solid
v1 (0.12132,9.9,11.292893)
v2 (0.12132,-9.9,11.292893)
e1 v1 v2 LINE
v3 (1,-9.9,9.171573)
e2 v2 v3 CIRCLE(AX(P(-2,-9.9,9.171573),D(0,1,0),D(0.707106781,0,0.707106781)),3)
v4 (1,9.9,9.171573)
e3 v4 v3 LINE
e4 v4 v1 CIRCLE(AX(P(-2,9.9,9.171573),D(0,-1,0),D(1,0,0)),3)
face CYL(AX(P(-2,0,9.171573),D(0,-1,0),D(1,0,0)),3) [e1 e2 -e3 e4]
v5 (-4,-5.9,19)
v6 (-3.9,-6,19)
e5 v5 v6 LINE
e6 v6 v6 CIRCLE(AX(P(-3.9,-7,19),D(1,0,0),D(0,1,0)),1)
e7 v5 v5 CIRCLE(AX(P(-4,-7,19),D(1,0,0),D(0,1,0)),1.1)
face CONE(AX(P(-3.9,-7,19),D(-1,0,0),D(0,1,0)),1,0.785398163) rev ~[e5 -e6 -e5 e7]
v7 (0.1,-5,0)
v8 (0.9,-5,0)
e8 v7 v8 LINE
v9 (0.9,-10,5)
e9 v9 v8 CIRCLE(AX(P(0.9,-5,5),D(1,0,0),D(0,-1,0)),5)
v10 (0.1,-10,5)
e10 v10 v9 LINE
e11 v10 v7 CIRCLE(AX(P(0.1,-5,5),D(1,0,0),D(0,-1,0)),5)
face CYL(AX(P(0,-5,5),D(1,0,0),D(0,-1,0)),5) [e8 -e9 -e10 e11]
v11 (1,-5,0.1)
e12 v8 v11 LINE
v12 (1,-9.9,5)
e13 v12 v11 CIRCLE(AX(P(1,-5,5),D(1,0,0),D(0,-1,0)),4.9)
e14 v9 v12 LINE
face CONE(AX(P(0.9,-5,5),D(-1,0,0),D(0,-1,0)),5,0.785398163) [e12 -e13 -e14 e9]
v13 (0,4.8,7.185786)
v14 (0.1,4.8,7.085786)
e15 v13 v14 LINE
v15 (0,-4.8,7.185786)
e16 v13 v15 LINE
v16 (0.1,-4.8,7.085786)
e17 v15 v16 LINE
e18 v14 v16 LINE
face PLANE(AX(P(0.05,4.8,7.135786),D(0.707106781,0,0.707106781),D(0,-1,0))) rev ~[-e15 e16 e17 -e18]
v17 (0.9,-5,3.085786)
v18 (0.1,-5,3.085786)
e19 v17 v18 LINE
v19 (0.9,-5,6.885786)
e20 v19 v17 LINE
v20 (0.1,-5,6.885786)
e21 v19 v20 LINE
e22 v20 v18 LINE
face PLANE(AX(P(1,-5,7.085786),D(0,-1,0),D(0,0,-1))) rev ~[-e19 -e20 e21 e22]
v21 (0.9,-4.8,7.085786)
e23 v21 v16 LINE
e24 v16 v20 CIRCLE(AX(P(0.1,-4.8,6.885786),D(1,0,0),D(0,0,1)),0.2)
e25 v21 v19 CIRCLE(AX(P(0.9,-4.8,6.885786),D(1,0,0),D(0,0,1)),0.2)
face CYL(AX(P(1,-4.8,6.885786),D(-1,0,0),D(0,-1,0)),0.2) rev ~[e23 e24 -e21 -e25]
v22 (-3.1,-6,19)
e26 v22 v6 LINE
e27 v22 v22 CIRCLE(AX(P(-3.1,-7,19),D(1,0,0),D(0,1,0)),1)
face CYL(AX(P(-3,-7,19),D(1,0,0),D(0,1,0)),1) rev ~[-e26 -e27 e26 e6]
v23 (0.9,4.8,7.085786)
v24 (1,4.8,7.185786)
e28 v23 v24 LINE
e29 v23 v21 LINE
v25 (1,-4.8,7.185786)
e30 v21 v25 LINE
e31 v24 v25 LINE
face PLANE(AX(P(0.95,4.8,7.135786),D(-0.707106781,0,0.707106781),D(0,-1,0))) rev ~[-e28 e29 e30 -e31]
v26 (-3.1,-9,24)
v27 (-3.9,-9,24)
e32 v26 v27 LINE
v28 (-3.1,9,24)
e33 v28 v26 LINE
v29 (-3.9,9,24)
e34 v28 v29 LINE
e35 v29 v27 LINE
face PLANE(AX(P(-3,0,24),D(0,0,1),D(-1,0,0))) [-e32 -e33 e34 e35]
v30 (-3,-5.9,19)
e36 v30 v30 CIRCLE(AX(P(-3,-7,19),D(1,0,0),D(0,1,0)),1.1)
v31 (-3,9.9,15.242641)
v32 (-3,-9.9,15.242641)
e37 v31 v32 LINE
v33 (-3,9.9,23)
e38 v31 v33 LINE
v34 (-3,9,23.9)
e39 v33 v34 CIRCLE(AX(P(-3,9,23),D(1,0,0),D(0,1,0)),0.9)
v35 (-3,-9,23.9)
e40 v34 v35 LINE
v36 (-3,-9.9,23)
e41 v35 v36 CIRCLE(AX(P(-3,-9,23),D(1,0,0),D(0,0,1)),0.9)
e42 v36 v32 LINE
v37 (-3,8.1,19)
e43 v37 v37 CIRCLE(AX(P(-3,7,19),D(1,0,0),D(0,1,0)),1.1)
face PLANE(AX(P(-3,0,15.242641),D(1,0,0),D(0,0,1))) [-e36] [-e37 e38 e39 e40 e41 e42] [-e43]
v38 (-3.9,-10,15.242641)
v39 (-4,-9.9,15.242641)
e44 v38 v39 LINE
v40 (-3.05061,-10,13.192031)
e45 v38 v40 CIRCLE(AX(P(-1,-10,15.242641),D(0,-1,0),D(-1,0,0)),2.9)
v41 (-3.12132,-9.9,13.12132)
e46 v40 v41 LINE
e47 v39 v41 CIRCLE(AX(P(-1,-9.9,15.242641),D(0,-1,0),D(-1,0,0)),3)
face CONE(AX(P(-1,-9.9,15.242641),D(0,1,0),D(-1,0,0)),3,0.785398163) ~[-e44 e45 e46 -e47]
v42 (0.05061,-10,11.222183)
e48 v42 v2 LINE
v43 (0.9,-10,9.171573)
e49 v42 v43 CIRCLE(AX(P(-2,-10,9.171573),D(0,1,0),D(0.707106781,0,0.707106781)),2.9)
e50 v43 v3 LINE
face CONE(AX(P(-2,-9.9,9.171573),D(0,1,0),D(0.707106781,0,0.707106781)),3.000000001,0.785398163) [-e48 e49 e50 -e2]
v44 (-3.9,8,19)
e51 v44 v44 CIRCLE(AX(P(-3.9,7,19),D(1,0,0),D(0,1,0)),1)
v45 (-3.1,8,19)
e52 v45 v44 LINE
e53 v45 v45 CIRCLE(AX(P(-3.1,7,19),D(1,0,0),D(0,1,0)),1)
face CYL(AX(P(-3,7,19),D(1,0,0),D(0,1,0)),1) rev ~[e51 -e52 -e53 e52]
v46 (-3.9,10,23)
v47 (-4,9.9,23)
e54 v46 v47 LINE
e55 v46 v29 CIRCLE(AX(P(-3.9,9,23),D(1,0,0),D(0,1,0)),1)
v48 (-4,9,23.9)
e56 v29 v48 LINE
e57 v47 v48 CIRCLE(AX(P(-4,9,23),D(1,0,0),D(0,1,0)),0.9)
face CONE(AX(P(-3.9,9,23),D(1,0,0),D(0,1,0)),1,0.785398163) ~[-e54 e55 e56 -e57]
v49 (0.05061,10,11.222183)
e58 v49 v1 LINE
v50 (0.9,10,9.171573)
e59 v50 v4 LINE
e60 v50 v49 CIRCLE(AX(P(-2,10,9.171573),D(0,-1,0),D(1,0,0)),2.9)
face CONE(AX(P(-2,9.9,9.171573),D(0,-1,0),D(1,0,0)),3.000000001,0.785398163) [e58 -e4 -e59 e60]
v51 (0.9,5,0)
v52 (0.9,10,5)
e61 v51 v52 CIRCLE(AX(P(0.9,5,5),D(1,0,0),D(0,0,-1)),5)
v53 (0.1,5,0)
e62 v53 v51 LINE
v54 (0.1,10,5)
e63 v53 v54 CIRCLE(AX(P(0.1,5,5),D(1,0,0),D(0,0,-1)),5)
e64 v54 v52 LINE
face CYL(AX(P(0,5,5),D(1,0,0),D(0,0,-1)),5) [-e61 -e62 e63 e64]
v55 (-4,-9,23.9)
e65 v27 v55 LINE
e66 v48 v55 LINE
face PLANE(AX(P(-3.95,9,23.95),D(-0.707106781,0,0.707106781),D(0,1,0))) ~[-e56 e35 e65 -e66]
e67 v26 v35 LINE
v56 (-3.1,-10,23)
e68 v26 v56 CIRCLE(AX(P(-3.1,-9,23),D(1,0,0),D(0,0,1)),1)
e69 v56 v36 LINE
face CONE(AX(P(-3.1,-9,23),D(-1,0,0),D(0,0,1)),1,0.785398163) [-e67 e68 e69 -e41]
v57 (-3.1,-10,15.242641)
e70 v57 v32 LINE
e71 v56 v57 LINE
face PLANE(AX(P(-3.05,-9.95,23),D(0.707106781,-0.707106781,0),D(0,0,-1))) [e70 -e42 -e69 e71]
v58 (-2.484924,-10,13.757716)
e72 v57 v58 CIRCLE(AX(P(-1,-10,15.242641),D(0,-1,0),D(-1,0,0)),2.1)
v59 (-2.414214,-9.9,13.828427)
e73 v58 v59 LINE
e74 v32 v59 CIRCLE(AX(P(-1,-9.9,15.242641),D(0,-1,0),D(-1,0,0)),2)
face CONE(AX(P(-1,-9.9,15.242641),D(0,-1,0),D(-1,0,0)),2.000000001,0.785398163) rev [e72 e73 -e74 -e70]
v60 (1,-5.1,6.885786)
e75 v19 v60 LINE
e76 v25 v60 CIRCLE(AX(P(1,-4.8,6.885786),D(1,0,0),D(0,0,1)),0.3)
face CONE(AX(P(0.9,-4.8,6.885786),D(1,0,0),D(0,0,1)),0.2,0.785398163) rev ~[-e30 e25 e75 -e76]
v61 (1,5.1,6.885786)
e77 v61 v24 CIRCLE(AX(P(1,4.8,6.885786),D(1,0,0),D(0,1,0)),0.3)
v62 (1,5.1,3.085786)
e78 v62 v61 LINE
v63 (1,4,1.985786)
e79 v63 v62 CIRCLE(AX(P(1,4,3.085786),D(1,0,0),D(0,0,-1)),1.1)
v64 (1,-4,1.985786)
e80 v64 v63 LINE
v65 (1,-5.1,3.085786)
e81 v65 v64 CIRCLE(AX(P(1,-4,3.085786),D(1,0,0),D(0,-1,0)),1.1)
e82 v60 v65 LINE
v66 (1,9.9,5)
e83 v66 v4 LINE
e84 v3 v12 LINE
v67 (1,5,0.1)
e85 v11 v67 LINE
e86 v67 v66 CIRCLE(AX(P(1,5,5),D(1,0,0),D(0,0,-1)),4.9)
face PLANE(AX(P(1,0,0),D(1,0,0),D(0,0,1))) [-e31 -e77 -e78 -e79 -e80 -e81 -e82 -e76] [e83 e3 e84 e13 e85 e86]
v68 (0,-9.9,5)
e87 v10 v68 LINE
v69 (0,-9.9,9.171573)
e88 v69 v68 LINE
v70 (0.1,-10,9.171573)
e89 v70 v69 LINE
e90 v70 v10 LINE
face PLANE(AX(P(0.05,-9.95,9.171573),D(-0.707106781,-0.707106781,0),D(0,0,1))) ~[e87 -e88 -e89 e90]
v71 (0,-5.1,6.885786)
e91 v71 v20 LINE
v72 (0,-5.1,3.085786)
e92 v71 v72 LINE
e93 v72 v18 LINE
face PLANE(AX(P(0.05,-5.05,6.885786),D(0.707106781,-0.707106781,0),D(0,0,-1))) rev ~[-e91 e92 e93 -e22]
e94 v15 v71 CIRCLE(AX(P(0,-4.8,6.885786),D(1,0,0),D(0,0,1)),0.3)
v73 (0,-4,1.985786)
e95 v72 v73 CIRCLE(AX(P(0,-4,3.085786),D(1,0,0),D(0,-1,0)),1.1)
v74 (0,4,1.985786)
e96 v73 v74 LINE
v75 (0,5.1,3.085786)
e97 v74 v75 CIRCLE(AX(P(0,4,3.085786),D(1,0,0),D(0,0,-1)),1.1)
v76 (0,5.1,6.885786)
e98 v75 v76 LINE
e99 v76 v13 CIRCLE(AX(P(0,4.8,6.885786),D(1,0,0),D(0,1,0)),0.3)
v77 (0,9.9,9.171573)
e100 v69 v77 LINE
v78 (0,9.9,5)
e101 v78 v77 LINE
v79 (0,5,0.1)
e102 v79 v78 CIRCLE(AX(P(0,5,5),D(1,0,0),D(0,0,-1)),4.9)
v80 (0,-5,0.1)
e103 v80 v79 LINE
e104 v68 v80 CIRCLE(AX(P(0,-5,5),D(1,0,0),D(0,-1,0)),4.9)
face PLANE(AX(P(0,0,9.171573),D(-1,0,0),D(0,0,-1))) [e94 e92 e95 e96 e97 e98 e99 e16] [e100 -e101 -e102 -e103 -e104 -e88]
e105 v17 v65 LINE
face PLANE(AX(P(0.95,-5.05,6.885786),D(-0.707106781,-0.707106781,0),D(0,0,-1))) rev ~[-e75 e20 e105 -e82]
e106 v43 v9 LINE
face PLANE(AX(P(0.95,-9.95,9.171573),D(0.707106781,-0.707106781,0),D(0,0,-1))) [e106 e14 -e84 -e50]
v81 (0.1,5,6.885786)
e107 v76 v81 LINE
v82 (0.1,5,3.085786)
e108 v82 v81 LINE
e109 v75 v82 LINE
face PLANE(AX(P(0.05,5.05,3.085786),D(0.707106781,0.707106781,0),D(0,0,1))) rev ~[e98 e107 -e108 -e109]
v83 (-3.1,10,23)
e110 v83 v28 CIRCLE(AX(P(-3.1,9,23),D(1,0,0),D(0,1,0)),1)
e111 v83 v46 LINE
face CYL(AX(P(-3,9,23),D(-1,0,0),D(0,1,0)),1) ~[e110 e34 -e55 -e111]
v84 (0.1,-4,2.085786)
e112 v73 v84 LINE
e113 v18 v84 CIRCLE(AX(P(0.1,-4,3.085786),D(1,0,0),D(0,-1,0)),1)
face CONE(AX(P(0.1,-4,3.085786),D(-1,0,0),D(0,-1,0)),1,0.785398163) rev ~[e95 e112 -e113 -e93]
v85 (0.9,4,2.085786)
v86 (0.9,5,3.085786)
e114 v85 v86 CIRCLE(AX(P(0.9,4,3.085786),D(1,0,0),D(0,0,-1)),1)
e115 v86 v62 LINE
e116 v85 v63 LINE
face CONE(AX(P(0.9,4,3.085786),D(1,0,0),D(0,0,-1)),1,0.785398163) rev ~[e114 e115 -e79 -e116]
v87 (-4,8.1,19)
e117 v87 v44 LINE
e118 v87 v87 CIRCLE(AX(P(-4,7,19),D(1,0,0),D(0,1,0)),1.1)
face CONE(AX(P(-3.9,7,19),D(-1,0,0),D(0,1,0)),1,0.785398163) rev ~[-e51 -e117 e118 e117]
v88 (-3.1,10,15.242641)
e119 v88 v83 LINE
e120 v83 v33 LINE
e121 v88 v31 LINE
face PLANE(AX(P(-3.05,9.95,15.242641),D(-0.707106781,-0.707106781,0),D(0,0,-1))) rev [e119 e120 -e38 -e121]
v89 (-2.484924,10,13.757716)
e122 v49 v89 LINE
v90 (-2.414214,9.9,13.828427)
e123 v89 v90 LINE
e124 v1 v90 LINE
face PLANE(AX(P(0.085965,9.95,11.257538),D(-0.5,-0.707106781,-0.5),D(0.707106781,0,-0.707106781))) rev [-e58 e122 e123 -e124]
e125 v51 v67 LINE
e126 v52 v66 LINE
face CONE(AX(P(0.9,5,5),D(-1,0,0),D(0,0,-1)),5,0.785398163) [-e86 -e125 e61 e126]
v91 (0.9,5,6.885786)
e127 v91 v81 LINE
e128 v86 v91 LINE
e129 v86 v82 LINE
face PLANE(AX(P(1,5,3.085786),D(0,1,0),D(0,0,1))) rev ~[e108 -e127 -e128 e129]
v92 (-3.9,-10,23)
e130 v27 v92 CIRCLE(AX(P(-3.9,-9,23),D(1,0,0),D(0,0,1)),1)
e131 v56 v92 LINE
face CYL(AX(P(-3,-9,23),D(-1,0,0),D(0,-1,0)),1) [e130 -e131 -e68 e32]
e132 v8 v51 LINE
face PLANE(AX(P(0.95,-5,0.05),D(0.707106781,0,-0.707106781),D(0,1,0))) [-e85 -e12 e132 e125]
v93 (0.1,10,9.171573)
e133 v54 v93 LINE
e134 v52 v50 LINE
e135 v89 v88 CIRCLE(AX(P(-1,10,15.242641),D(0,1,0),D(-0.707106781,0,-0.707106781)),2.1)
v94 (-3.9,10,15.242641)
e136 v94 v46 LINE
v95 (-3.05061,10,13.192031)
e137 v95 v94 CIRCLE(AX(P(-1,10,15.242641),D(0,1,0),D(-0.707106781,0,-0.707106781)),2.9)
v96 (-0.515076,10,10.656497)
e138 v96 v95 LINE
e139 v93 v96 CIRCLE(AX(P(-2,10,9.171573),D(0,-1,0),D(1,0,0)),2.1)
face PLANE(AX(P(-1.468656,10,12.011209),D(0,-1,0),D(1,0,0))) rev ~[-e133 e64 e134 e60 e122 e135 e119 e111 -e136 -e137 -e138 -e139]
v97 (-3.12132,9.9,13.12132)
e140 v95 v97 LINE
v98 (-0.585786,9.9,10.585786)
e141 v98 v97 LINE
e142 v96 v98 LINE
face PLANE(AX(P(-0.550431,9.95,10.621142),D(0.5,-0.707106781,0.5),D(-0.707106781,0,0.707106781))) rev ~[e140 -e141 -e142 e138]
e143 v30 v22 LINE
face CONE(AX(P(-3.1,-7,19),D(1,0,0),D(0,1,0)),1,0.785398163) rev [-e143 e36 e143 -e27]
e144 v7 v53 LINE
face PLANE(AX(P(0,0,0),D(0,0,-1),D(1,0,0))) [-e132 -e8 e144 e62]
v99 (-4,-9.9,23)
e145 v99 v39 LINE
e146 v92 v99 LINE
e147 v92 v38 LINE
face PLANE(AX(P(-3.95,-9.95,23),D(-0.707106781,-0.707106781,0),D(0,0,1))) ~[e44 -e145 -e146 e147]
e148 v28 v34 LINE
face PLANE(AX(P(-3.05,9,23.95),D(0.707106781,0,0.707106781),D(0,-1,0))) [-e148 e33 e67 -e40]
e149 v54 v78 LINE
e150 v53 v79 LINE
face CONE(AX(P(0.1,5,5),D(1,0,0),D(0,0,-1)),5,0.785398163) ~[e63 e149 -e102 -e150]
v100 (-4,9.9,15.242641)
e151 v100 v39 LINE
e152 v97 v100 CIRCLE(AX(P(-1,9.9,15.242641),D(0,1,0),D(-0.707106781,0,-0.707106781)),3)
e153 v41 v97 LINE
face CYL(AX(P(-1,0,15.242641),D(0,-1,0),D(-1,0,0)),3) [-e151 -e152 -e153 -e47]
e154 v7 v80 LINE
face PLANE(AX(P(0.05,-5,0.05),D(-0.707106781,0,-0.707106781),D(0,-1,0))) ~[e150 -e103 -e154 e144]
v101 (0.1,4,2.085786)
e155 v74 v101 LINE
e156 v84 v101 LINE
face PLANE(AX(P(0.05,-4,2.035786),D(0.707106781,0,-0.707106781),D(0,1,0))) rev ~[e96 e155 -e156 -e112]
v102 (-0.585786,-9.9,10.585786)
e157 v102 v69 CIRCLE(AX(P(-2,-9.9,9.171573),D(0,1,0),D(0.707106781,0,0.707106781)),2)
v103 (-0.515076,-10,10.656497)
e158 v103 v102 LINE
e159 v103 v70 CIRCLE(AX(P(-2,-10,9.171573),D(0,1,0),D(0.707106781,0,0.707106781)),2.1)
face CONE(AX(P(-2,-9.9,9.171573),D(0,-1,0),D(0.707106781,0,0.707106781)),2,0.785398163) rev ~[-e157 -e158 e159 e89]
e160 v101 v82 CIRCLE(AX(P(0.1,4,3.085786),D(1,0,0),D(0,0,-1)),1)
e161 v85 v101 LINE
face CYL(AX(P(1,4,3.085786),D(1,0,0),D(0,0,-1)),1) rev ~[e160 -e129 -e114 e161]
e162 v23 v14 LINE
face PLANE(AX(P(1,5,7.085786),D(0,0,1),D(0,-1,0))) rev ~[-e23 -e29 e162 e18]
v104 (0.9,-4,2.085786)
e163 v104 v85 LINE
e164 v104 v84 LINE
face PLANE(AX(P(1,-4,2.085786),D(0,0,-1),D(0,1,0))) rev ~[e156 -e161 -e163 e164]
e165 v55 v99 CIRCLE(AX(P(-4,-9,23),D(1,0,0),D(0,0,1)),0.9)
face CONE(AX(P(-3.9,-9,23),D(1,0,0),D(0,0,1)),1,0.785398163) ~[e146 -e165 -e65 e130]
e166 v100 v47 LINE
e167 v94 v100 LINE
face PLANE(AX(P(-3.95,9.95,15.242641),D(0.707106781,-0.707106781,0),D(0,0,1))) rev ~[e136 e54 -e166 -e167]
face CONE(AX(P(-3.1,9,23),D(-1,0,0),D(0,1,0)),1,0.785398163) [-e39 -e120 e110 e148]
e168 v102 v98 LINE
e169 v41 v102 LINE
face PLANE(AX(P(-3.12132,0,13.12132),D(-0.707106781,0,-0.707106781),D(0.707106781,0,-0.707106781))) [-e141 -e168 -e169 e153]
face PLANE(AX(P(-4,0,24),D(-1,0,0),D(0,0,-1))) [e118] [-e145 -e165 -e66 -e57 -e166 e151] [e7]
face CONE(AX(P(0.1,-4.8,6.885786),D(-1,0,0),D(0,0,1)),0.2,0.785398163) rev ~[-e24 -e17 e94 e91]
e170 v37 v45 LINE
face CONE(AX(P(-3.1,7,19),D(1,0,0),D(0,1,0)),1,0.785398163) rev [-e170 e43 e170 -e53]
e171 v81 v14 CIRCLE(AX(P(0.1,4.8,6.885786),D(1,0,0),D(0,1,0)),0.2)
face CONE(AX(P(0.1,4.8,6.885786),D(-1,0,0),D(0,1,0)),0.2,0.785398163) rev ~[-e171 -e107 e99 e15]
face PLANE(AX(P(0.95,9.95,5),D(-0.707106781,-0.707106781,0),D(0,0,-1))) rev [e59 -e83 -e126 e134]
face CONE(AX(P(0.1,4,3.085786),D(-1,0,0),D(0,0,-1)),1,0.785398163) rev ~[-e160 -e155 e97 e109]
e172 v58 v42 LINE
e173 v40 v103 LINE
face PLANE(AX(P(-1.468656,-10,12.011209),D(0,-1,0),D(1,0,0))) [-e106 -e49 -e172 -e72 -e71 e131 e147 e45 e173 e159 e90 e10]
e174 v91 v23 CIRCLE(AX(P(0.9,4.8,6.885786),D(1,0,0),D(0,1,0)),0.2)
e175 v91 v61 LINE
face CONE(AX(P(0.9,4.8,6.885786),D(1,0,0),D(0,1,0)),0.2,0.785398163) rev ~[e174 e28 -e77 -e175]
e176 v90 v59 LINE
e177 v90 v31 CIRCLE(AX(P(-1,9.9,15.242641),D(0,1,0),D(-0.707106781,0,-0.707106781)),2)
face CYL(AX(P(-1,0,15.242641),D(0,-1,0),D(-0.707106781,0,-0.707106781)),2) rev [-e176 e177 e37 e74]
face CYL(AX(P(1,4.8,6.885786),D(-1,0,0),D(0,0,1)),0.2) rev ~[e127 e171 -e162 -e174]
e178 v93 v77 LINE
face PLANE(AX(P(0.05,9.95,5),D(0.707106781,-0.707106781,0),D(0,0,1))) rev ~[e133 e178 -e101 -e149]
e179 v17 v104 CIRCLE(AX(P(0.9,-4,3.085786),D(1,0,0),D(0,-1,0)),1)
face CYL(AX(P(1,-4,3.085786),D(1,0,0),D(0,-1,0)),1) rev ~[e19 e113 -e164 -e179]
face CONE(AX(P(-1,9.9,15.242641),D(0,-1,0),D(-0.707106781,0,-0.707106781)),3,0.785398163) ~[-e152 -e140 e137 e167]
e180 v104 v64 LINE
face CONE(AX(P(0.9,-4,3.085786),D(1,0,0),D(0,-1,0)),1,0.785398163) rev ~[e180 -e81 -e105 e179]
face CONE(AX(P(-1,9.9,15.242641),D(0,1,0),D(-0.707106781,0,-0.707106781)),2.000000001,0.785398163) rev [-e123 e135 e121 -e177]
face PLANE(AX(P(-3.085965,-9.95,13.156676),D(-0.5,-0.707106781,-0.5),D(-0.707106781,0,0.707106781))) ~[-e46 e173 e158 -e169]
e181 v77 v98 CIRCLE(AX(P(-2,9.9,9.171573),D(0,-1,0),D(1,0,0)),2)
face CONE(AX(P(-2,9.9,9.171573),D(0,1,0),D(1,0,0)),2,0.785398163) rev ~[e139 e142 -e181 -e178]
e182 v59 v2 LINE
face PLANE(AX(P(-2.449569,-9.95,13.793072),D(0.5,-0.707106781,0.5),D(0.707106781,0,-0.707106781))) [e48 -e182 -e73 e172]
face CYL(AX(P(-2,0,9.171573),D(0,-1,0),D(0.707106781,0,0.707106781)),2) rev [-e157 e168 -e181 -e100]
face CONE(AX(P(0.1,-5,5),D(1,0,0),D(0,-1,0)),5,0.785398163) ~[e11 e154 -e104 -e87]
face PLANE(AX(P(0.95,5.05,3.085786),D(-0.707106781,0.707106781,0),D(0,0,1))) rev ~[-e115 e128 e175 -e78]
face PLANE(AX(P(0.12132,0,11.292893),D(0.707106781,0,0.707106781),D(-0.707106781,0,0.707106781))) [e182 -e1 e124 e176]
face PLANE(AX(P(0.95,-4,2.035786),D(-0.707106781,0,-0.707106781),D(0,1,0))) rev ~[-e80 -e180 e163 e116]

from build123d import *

# Parameters (mm, degrees)
F1_DEPTH = 10
F2_R     = 5
F3_R     = 1
F4_DEPTH = 25
F5_R     = 1
F7_DEPTH = 1
F8_R     = 0.2
F9_SIZE  = 0.1


with BuildPart() as f1:
    # F0 (on Front) → F1 (new body, symmetric)
    with BuildSketch(Plane.XZ):
        with BuildLine():
            Line((0, 9.1715728753), (0, 0))
            Line((0, 0), (1, 0))
            Line((1, 0), (1, 9.1715728753))
            ThreePointArc((1, 9.1715728753), (0.7716385975, 10.3196231723), (0.1213203436, 11.2928932188))
            Line((0.1213203436, 11.2928932188), (-2.4142135624, 13.8284271247))
            ThreePointArc((-2.4142135624, 13.8284271247), (-2.847759065, 14.4772738224), (-3, 15.2426406871))
            Line((-3, 15.2426406871), (-3, 24))
            Line((-3, 24), (-4, 24))
            Line((-4, 24), (-4, 15.2426406871))
            ThreePointArc((-4, 15.2426406871), (-3.7716385975, 14.09459039), (-3.1213203436, 13.1213203436))
            Line((-3.1213203436, 13.1213203436), (-0.5857864376, 10.5857864376))
            ThreePointArc((-0.5857864376, 10.5857864376), (-0.152240935, 9.93693974), (0, 9.1715728753))
        make_face()
    extrude(amount=F1_DEPTH, both=True)

    # F2
    f2_edges = [f1.edges().sort_by_distance(p)[0] for p in [
        (0.5, -10, 0),
        (0.5, 10, 0),
    ]]
    fillet(f2_edges, radius=F2_R)

    # F3 (on face) → F4 (cut)
    with BuildSketch(Plane.YZ.offset(-3)):
        with Locations((-7, 19)):
            Circle(F3_R)
        with Locations((7, 19)):
            Circle(F3_R)
    extrude(amount=-F4_DEPTH, mode=Mode.SUBTRACT)

    # F5
    f5_edges = [f1.edges().sort_by_distance(p)[0] for p in [
        (-3.5, -10, 24),
        (-3.5, 10, 24),
    ]]
    fillet(f5_edges, radius=F5_R)

    # F6 (on face) → F7 (cut, through all)
    with BuildSketch(Plane.YZ.offset(1)):
        with BuildLine():
            Line((-4, 2.0857864376), (4, 2.0857864376))
            ThreePointArc((4, 2.0857864376), (4.7071067812, 2.3786796564), (5, 3.0857864376))
            Line((5, 3.0857864376), (5, 7.0857864376))
            Line((5, 7.0857864376), (-5, 7.0857864376))
            Line((-5, 7.0857864376), (-5, 3.0857864376))
            ThreePointArc((-5, 3.0857864376), (-4.7071067812, 2.3786796564), (-4, 2.0857864376))
        make_face()
    extrude(amount=-F7_DEPTH, mode=Mode.SUBTRACT)

    # F8
    f8_edges = [f1.edges().sort_by_distance(p)[0] for p in [
        (0.5, 5, 7.085786),
        (0.5, -5, 7.085786),
    ]]
    fillet(f8_edges, radius=F8_R)

    # F9
    f9_edges = [f1.edges().sort_by_distance(p)[0] for p in [
        (1, 8.535534, 1.464466),
        (1, 0, 7.085786),
        (-3, 6, 19),
        (-3, -8, 19),
        (-4, -8, 19),
        (-4, 6, 19),
        (-3.771639, -10, 14.09459),
        (0, -5, 4.985786),
    ]]
    chamfer(f9_edges, length=F9_SIZE)


solid = f1.part
